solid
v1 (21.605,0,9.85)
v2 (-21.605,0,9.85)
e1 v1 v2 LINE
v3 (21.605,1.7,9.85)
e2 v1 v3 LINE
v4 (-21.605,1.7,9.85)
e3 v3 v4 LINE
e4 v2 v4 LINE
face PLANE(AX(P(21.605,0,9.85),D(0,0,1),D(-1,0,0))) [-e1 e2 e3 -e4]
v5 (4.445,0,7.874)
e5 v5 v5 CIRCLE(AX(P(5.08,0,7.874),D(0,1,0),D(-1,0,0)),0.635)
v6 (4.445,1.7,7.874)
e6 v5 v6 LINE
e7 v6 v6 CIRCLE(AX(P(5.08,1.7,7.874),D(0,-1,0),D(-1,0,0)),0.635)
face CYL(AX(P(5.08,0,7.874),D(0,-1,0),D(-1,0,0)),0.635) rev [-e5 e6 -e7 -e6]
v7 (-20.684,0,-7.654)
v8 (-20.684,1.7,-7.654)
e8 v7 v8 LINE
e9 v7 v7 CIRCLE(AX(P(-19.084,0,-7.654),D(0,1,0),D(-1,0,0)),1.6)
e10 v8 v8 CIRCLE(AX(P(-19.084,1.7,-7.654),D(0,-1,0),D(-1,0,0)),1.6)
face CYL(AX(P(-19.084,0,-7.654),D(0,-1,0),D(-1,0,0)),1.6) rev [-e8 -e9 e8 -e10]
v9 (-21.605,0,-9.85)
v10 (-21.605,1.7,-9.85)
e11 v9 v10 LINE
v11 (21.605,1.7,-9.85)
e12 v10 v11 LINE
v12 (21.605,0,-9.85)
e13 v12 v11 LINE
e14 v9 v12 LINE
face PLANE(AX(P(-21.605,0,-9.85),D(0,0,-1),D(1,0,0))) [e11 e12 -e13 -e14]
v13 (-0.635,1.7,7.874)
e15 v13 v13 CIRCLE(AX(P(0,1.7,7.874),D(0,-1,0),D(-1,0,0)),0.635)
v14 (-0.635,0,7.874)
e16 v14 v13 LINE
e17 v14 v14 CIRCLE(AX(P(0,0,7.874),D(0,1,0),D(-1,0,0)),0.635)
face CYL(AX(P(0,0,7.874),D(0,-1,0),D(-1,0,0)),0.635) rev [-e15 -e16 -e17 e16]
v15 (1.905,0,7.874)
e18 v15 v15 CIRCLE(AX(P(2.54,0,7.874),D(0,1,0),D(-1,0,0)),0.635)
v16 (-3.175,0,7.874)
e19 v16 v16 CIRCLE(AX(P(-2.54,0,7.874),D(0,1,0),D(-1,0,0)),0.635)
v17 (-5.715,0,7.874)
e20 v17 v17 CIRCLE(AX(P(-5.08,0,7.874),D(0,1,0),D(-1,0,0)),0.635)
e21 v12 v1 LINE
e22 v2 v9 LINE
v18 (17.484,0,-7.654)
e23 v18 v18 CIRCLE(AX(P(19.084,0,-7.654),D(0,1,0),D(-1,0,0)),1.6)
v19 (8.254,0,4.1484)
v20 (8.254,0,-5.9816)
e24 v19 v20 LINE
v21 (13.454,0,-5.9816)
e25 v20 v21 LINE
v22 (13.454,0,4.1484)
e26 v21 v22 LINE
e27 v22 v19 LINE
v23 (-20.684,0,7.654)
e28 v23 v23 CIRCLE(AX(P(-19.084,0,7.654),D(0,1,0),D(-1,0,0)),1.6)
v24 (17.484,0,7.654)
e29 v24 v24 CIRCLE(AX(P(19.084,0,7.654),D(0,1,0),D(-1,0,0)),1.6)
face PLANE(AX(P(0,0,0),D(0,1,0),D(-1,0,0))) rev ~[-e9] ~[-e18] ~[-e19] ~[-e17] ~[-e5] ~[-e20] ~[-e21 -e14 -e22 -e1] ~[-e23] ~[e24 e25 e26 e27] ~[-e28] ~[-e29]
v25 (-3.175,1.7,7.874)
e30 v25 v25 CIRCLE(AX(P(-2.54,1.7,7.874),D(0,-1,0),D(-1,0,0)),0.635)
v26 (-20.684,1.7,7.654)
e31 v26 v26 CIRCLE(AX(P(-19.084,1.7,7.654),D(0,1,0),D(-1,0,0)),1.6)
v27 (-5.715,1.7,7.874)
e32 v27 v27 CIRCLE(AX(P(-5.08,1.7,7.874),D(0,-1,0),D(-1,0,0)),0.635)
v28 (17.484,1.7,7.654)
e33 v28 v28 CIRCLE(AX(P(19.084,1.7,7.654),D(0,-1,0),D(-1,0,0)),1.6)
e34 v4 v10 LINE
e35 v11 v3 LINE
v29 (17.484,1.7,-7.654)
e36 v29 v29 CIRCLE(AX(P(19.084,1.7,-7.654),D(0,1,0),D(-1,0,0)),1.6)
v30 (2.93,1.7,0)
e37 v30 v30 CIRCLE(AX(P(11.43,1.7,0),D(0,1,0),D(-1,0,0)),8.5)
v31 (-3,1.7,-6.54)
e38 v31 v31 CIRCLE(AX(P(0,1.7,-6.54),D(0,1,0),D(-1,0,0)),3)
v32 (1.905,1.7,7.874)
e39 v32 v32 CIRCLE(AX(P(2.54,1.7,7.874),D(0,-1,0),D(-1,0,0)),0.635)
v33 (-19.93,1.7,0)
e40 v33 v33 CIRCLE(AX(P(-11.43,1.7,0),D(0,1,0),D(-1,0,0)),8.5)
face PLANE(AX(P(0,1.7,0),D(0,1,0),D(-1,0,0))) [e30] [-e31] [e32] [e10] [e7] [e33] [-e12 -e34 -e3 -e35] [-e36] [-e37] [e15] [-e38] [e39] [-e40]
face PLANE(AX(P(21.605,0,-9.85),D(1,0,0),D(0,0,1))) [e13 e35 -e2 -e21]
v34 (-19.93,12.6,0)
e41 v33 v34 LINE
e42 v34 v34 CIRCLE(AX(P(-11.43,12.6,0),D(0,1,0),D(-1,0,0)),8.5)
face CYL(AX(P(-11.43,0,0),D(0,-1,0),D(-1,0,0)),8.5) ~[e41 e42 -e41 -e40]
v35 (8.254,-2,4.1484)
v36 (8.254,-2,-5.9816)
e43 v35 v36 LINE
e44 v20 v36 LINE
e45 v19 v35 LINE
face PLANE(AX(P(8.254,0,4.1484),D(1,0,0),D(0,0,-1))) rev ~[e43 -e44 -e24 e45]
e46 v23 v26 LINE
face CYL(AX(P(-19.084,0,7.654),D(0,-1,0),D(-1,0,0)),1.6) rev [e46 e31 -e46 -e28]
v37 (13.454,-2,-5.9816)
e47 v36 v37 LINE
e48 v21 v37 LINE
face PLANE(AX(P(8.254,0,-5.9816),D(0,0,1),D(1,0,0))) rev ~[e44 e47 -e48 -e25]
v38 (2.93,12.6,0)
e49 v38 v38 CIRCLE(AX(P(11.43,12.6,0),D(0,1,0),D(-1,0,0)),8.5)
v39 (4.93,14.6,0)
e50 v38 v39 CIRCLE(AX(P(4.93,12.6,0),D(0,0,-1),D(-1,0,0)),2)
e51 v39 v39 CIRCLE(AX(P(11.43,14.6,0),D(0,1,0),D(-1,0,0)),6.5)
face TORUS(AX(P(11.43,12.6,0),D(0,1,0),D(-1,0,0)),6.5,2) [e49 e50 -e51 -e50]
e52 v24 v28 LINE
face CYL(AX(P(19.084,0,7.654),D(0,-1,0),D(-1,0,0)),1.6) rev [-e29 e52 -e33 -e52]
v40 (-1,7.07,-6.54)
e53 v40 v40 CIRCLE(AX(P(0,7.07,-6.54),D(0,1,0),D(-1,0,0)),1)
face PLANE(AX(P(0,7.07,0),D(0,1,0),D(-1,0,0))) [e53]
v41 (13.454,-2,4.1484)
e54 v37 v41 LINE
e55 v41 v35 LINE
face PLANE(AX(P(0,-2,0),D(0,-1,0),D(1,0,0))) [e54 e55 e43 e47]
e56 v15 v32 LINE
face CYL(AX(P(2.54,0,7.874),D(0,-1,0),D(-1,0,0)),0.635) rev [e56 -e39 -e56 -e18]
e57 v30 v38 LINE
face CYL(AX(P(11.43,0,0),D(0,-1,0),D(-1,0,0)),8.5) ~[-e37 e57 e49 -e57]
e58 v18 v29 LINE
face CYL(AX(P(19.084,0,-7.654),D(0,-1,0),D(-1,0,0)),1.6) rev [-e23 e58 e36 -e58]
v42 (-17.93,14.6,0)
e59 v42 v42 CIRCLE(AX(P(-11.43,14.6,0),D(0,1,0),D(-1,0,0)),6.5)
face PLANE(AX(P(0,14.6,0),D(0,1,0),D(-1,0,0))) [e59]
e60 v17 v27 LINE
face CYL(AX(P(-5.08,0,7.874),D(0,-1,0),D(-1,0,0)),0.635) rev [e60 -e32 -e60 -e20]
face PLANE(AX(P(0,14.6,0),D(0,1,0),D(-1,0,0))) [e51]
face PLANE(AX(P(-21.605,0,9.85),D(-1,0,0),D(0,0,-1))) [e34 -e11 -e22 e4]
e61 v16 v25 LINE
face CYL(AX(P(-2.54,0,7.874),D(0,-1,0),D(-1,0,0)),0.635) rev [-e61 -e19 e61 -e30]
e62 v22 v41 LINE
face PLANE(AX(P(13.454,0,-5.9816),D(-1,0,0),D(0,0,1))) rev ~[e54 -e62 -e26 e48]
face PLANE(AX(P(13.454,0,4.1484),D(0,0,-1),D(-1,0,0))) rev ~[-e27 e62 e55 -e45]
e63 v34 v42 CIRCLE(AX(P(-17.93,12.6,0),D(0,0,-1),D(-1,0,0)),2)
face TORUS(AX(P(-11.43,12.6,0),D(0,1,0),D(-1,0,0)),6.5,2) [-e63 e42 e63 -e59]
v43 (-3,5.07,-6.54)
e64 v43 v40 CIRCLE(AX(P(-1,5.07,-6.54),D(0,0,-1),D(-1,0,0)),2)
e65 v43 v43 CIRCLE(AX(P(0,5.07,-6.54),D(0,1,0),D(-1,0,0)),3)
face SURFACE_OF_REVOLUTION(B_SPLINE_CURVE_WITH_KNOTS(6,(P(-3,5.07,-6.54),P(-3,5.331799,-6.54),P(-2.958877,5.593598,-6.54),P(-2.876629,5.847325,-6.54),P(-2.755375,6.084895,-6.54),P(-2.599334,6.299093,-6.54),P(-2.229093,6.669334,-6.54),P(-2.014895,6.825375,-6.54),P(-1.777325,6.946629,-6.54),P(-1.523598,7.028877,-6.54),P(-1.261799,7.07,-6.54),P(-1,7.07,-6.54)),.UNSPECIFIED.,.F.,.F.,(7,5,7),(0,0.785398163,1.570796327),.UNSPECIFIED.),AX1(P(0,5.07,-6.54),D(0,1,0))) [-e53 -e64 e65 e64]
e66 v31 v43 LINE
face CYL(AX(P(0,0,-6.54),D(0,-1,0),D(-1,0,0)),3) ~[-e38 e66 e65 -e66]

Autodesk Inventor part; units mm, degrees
ref_plane "YZ Plane" through (0, 0, 0) normal (1, 0, 0) x (0, 1, 0)
ref_plane "XZ Plane" through (0, 0, 0) normal (0, 1, 0) x (-1, 0, 0)
ref_plane "XY Plane" through (0, 0, 0) normal (0, 0, 1) x (1, 0, 0)
sketch "Sketch1" plane through (0, 0, 0) normal (0, 1, 0) x (-1, 0, 0)
  line L0 (21.605, -9.85) -> (-21.605, -9.85)
  line L1 (-21.605, -9.85) -> (-21.605, 9.85)
  line L2 (-21.605, 9.85) -> (21.605, 9.85)
  line L3 (21.605, 9.85) -> (21.605, -9.85)
  line L4 (21.605, -9.85) -> (-21.605, 9.85) construction
  line L5 (-21.605, -9.85) -> (21.605, 9.85) construction
  circle A0 centre (-19.084, -7.654) radius 1.6
  circle A1 centre (19.084, 7.654) radius 1.6
  circle A2 centre (-11.43, 0) radius 8.5
  circle A3 centre (11.43, 0) radius 8.5
  circle A4 centre (0, -6.54) radius 3
  circle A5 centre (0, 7.874) radius 0.635
  circle A6 centre (-2.54, 7.874) radius 0.635
  circle A7 centre (-5.08, 7.874) radius 0.635
  circle A8 centre (2.54, 7.874) radius 0.635
  circle A9 centre (5.08, 7.874) radius 0.635
  line L6 (0, -13) -> (0, -21) construction
  line L7 (0, -13) -> (8, -13) construction
  circle A10 centre (-19.084, 7.654) radius 1.6
  circle A11 centre (19.084, -7.654) radius 1.6
  line L8 (-25, 0) -> (-35, 0) construction
  line L9 (-25, 0) -> (-15, 0) construction
  circle A12 centre (0, 6.54) radius 3
  point P0 (0, 0)
  dimension "d0" = 43.21
  dimension "d1" = 19.7
  dimension "d2" = 3.2
  dimension "d5" = 3.2
  dimension "d8" = 17
  dimension "d9" = 17
  dimension "d14" = 6
  dimension "d26" = 1.27
  dimension "d27" = 1.27
  dimension "d28" = 1.27
  dimension "d29" = 1.27
  dimension "d30" = 1.27
  dimension "d31" = 2.54
  dimension "d32" = 2.54
  dimension "d33" = 2.54
  dimension "d34" = 2.54
  dimension "d41" = 22.86
  dimension "d43" = 10.175
  dimension "d44" = 10.175
  dimension "d45" = 6.54
  dimension "d47" = 7.874
  dimension "d48" = 7.654
  dimension "d49" = 7.654
  dimension "d50" = 7.654
  dimension "d51" = 7.654
  dimension "d52" = 90
  dimension "d53" = 180
  dimension "d56" = 2.196
extrude "Extrusion1" add sketch "Sketch1" along normal blind 1.7 contours L0 L1 L2 L3 | A5 | A6 A12 | A6 A12 A8 | A12 A6 | A12 A8 | A8 A12 | A7 | A9 | A10 | A11
extrude "Extrusion2" add sketch "Sketch1" along normal blind 14.6 contours A2 | A3
extrude "Extrusion3" add sketch "Sketch1" along normal blind 7.07 contours A4
sketch "Sketch2" plane through (0, 0, 0) normal (0, -1, 0) x (1, 0, 0)
  line L0 (13.454, 4.1484) -> (8.254, 4.1484)
  line L1 (8.254, 4.1484) -> (8.254, -5.9816)
  line L2 (8.254, -5.9816) -> (13.454, -5.9816)
  line L3 (13.454, -5.9816) -> (13.454, 4.1484)
  line L4 (13.454, 4.1484) -> (8.254, -5.9816) construction
  line L5 (8.254, 4.1484) -> (13.454, -5.9816) construction
  point P0 (0, 0)
  point P1 (10.854, -0.9166)
  dimension "d22" = 5.2
  dimension "d23" = 10.13
extrude "Extrusion4" add sketch "Sketch2" along normal blind 2
extrude "Extrusion5" cut sketch "Sketch1" along normal through all contours A5 | A6 A12 | A12 A6 | A12 A8 | A8 A12 | A7 | A9
fillet "Fillet1" radius 2 2 edges at (19.93, 14.6, 0) (-2.93, 14.6, 0)
fillet "Fillet2" radius 2 1 edges at (3, 7.07, -6.54)
extrude "Extrusion6" cut sketch "Sketch1" along normal through all contours A10 | A11
sketch "Sketch3" plane through (0, 0, 0) normal (0, -1, 0) x (1, 0, 0)
  circle A0 centre (0, 6.54) radius 3 projected
  point P0 (0, 0)
properties part number "srf08"
